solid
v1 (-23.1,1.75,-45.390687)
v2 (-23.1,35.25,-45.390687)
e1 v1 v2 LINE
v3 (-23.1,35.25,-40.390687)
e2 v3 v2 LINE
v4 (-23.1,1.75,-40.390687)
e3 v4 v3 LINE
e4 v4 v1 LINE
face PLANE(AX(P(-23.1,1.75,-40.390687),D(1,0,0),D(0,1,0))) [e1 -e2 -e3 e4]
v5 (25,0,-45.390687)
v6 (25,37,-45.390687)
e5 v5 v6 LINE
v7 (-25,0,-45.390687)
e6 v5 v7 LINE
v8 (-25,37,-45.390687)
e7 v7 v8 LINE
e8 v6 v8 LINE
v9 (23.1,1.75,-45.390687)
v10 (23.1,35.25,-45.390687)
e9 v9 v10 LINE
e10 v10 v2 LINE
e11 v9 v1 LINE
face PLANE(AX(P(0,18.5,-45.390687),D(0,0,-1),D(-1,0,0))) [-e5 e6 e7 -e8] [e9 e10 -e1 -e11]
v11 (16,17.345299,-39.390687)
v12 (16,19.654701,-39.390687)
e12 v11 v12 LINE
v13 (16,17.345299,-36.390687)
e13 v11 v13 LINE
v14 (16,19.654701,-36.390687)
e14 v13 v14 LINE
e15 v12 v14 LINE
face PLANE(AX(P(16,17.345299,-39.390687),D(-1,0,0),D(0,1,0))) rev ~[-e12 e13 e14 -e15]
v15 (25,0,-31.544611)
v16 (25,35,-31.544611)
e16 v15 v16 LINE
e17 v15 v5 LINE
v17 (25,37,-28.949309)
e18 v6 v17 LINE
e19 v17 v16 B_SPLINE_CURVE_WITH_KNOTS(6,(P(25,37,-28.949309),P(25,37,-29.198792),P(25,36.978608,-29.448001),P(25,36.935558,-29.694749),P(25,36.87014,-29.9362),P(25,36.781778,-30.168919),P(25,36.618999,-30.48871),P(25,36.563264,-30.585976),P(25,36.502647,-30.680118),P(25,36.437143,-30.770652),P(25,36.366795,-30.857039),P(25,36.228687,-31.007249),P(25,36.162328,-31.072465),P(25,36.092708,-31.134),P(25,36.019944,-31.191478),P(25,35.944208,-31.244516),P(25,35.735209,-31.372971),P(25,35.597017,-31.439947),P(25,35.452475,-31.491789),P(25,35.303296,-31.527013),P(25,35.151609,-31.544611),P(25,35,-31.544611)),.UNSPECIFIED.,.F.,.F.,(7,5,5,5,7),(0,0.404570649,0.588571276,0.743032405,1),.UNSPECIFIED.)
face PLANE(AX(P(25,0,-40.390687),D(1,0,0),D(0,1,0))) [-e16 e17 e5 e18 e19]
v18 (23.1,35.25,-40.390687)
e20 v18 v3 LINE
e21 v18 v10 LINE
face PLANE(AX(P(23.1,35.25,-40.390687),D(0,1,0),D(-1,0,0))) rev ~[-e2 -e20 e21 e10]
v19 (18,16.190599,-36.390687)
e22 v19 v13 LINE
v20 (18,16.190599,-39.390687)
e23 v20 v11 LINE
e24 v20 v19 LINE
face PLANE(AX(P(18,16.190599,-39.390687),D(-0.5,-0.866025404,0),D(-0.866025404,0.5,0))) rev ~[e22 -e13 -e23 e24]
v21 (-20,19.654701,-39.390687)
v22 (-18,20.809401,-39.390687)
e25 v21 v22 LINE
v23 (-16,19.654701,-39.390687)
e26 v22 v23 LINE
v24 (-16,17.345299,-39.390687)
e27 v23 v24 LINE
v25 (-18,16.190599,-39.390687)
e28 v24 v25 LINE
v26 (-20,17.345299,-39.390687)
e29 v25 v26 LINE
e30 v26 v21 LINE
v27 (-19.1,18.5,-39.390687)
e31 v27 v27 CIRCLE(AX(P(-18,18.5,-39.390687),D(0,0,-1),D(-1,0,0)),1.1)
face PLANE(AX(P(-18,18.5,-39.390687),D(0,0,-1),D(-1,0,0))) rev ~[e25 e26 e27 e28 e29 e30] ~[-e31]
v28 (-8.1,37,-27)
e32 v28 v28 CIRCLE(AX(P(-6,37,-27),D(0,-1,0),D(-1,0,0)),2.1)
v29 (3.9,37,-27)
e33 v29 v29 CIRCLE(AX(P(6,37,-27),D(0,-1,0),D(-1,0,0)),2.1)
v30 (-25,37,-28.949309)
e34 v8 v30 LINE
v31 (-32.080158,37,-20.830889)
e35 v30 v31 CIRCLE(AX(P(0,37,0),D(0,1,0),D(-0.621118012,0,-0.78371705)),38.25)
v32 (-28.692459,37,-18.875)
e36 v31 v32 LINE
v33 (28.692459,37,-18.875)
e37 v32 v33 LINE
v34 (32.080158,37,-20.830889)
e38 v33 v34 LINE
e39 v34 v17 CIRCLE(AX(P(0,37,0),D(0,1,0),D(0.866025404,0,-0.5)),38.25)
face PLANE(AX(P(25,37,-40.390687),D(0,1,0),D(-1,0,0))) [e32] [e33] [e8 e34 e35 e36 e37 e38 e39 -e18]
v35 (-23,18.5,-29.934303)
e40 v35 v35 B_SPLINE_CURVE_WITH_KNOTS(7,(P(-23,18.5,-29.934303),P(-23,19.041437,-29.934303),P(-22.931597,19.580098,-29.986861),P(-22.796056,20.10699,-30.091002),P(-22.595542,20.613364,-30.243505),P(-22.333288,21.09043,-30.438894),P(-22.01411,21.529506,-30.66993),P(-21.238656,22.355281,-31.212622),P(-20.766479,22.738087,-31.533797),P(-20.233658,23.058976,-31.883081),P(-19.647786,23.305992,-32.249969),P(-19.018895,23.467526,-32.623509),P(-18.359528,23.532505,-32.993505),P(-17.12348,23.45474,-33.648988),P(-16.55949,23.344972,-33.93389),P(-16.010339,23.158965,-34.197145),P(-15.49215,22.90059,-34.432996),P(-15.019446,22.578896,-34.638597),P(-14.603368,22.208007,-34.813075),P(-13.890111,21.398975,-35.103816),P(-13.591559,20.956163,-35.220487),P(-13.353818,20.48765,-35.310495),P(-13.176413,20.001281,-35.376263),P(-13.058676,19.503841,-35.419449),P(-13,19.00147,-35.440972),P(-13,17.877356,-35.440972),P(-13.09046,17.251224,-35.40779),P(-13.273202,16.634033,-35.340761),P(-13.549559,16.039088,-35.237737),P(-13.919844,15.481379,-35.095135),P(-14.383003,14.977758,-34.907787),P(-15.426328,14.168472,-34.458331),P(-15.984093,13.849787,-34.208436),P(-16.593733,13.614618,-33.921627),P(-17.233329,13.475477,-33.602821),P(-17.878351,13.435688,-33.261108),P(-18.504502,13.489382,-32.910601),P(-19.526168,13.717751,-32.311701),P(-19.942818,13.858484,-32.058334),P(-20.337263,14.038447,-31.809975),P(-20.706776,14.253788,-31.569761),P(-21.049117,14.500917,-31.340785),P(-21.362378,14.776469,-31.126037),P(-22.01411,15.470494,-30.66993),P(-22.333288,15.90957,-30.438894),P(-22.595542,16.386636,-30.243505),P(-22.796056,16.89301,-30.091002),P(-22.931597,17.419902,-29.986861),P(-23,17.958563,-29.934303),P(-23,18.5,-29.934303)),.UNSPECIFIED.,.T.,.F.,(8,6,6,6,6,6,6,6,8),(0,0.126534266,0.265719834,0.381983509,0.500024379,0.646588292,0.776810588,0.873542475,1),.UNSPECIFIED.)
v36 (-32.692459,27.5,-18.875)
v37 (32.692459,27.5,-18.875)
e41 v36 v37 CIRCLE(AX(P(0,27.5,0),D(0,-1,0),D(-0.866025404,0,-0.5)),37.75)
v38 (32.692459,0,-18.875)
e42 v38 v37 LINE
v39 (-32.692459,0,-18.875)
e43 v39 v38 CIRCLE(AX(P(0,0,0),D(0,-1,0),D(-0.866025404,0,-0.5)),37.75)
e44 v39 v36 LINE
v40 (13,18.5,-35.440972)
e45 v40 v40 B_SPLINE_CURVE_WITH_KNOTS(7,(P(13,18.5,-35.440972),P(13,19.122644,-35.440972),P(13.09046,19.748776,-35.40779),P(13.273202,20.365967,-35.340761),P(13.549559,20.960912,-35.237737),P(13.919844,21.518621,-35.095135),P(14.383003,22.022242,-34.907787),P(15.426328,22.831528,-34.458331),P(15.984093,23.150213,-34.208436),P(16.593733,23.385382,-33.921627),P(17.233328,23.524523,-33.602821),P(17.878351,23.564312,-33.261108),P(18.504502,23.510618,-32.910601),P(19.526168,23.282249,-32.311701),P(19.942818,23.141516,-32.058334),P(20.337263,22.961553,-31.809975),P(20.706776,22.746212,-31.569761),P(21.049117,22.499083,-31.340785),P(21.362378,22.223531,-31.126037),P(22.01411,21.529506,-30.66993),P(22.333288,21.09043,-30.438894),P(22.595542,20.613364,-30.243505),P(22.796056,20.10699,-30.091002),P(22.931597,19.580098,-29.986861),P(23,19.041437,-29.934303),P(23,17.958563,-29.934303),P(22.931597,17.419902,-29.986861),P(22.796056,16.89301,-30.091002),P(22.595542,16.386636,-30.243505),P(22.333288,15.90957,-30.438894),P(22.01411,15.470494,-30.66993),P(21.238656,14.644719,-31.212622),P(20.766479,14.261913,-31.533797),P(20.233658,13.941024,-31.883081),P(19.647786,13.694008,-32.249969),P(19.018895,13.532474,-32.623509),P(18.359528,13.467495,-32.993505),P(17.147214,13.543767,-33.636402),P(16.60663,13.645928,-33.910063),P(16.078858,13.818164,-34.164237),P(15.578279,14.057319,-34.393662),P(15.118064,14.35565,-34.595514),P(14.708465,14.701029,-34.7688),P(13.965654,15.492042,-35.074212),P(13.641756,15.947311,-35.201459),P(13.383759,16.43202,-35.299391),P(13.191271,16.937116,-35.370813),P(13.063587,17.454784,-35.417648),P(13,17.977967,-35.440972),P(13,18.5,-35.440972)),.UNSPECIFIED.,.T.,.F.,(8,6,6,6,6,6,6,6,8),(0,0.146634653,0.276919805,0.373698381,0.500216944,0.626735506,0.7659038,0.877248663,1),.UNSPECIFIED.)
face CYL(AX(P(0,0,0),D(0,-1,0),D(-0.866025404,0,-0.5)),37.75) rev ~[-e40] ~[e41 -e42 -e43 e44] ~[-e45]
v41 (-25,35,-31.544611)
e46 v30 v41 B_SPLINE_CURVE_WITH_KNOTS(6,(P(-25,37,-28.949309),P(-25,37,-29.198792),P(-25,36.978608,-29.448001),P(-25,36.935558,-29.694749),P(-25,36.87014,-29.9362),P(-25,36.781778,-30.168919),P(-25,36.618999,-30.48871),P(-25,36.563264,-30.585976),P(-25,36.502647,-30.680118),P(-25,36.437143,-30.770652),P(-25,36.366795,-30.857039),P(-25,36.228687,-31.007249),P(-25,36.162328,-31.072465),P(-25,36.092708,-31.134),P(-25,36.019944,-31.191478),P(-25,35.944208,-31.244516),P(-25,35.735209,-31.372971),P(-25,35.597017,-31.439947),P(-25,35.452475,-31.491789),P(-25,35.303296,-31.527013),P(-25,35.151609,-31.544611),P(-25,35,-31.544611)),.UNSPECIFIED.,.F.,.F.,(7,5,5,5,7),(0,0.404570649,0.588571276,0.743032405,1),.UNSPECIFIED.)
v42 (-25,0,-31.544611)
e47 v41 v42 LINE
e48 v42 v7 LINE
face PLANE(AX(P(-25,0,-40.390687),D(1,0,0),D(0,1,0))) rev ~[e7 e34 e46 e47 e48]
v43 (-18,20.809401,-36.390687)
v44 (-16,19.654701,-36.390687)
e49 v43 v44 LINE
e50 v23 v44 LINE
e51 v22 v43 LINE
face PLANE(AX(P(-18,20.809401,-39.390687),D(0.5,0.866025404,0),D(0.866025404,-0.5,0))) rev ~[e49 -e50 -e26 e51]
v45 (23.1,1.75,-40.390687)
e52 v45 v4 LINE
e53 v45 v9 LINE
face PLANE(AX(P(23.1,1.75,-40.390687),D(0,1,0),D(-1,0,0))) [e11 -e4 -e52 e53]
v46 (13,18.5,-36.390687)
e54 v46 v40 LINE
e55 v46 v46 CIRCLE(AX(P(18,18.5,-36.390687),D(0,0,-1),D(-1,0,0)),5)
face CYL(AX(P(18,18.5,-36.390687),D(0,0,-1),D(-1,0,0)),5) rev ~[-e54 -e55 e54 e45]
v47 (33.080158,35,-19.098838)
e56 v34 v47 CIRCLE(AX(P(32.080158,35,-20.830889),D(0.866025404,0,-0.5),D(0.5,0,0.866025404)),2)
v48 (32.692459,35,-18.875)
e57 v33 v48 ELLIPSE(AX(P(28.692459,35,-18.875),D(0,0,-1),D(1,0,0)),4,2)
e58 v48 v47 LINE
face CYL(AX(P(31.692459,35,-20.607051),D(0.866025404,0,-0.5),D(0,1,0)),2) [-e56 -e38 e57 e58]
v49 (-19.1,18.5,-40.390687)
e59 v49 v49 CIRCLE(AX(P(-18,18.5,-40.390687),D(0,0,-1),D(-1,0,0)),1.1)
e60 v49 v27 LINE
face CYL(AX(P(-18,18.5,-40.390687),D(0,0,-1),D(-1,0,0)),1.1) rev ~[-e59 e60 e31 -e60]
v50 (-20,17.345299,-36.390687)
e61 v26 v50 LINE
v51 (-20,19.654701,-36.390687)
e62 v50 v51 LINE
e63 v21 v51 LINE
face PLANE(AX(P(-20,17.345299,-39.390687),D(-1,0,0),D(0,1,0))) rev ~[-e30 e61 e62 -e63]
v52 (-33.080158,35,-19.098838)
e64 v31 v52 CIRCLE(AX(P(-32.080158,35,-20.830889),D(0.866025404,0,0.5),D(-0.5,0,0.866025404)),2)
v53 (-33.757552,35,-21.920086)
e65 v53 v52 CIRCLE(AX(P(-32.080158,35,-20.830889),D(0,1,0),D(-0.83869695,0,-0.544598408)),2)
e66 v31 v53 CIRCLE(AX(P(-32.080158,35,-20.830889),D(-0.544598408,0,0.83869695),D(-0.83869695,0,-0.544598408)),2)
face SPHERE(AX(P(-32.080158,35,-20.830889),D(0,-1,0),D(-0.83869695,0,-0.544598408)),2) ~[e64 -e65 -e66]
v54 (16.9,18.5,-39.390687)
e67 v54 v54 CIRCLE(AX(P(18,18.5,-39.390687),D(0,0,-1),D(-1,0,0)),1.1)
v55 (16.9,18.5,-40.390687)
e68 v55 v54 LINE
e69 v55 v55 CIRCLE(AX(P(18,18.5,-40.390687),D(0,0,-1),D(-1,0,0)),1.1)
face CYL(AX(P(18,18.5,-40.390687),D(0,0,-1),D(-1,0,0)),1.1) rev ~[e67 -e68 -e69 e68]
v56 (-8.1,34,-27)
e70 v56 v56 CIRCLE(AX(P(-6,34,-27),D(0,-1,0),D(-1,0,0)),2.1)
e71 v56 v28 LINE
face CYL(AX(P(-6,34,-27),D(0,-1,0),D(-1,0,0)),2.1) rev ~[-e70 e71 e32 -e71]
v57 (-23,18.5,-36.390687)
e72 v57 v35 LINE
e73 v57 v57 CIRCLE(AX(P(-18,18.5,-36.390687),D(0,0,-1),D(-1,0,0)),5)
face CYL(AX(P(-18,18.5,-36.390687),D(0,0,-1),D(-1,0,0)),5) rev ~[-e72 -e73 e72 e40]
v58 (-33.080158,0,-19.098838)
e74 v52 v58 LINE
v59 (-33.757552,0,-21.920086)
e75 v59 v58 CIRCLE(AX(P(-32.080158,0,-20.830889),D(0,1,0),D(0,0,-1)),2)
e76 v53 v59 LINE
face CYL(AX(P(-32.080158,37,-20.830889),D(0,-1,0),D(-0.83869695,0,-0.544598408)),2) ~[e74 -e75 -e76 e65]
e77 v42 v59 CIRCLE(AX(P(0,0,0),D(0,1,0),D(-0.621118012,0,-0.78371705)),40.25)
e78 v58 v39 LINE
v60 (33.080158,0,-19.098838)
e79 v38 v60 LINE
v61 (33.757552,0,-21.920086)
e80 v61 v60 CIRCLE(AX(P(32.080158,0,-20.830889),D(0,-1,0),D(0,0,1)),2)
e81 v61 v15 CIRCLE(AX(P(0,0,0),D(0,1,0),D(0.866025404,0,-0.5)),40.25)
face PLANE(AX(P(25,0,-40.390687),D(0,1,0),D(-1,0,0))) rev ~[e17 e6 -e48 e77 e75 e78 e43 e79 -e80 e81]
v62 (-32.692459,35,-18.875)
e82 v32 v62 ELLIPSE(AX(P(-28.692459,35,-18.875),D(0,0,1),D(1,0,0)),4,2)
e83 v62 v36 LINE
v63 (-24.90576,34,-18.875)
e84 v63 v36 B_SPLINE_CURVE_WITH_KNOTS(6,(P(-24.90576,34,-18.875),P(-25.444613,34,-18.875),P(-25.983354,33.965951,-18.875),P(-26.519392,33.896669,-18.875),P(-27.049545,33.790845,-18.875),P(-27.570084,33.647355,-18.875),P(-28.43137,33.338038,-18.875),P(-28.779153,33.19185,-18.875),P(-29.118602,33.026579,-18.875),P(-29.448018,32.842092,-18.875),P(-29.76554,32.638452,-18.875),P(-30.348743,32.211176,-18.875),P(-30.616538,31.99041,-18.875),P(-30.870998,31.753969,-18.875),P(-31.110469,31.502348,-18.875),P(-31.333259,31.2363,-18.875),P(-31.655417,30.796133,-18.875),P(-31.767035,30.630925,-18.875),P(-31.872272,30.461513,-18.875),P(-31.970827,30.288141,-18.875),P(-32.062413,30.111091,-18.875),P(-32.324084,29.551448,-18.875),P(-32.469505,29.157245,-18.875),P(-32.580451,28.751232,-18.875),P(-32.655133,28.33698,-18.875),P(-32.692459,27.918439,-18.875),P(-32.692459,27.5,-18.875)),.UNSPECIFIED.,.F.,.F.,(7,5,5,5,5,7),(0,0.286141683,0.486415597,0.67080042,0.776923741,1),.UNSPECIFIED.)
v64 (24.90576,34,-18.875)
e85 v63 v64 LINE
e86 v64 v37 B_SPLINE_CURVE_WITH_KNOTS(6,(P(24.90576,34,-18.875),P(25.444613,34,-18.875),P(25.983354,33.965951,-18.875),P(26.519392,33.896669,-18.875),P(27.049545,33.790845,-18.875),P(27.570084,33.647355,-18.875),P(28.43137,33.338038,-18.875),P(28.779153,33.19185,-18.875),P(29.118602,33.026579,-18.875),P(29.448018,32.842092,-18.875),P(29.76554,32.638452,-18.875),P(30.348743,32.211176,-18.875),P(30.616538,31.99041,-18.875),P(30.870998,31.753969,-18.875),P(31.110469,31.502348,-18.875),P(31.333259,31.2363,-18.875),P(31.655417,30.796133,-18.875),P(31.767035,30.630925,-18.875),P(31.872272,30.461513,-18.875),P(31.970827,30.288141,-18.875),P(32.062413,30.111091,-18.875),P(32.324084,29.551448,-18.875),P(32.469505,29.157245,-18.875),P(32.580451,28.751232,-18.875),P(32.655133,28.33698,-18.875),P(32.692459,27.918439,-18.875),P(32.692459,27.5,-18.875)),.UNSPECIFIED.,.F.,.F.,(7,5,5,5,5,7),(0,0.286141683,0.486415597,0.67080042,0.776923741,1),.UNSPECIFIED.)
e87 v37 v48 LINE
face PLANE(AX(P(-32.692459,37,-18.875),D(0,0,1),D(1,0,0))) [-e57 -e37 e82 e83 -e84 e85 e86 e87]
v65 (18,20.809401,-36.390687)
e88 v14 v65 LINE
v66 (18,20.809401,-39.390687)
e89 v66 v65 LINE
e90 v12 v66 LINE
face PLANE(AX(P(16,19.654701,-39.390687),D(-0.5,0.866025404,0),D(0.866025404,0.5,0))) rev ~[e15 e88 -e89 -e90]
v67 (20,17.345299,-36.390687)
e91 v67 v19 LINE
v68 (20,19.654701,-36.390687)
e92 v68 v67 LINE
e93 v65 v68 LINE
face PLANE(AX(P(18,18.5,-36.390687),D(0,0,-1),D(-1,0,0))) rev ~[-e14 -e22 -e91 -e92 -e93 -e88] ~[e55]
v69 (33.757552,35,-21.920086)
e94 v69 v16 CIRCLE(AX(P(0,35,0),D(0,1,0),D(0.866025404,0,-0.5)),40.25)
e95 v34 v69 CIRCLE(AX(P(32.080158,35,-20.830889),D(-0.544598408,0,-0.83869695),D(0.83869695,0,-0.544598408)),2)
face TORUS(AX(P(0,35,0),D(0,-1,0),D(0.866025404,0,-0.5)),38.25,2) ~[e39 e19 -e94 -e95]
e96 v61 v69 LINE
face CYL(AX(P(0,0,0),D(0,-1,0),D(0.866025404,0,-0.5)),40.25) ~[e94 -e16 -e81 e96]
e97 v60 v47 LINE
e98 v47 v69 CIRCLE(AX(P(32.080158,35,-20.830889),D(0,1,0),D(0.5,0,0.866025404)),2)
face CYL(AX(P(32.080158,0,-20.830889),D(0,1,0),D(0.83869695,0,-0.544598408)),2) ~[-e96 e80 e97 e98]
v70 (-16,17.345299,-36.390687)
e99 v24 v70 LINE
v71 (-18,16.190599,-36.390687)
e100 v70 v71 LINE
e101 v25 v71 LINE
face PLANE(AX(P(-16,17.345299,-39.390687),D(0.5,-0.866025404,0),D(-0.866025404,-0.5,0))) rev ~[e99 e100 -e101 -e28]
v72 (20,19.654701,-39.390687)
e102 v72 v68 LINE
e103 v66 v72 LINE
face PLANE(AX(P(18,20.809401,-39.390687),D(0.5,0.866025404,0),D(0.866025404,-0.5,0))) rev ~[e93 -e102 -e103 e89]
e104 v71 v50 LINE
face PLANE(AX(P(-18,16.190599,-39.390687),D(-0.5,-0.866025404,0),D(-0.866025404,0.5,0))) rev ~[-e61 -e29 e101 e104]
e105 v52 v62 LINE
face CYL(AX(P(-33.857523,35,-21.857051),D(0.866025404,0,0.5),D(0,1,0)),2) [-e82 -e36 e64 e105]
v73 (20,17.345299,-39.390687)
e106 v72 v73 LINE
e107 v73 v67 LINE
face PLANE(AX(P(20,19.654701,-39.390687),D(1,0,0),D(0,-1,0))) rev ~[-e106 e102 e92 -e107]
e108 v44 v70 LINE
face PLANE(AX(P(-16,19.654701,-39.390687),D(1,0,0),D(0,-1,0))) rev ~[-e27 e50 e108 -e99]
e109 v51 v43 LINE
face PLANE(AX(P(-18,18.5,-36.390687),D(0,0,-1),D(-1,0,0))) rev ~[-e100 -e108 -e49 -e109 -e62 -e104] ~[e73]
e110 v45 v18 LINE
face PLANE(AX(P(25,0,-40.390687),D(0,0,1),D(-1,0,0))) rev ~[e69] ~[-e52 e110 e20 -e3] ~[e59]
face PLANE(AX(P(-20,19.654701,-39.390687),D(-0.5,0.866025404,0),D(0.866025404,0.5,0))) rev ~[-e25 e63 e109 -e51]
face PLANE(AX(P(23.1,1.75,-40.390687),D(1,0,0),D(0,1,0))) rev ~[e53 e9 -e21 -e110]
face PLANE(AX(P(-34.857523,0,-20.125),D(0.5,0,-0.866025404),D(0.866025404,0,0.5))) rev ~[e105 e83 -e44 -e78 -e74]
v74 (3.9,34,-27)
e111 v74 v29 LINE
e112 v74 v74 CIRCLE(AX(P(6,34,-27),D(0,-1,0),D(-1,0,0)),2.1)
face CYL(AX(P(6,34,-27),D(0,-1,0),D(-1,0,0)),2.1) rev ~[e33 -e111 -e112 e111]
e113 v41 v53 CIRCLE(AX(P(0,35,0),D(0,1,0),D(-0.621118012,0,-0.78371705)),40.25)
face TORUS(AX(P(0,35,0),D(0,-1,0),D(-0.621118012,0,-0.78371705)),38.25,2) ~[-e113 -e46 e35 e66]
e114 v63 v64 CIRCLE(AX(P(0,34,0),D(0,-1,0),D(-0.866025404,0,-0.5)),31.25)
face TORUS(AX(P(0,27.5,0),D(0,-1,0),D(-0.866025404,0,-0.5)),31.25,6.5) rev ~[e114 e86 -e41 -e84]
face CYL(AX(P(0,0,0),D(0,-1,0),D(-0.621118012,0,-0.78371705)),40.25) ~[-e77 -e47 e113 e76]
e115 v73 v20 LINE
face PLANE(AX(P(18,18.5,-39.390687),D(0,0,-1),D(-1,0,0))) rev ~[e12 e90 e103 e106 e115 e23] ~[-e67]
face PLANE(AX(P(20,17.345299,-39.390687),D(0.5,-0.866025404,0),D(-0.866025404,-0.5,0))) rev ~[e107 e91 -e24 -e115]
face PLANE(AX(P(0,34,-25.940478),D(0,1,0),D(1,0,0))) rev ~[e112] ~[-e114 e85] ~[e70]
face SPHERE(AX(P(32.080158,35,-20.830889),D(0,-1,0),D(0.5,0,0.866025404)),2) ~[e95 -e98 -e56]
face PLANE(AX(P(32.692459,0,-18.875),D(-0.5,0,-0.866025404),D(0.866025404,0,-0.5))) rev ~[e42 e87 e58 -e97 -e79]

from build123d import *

# Parameters (mm, degrees)
BOSS_EXTRUDE2_DEPTH = 37
BOSS_EXTRUDE4_DEPTH = 3
FILLET1_R           = 6.5
SKETCH5_R           = 2.1
CUT_EXTRUDE1_DEPTH  = 5
SKETCH6_W           = 50
SKETCH6_H           = 37
SKETCH6_W_2         = 46.2
SKETCH6_H_2         = 33.5
BOSS_EXTRUDE5_DEPTH = 5
SKETCH7_R           = 1.1
CUT_EXTRUDE2_DEPTH  = 1
CUT_EXTRUDE3_DEPTH  = 3
SKETCH9_R           = 5
CUT_EXTRUDE4_DEPTH  = 18.515687401
FILLET2_R           = 2


with BuildPart() as part:
    # Sketch2 → Boss-Extrude2 (new body)
    with BuildSketch(Plane(origin=(0, 0, 0), x_dir=(1, 0, 0), z_dir=(0, 1, 0))):
        with BuildLine():
            Line((32.692458993, 18.875), (34.857522502, 20.125))
            ThreePointArc((34.857522502, 20.125), (30.468551498, 26.300757966), (25, 31.544611267))
            Line((25, 31.544611267), (25, 40.390687301))
            Line((25, 40.390687301), (-25, 40.390687301))
            Line((-25, 40.390687301), (-25, 31.544611267))
            ThreePointArc((-25, 31.544611267), (-30.468551498, 26.300757966), (-34.857522502, 20.125))
            Line((-34.857522502, 20.125), (-32.692458993, 18.875))
            ThreePointArc((-32.692458993, 18.875), (0, 37.75), (32.692458993, 18.875))
        make_face()
    extrude(amount=BOSS_EXTRUDE2_DEPTH)

    # Sketch4 → Boss-Extrude4 (add)
    with BuildSketch(Plane(origin=(0, 37, 0), x_dir=(1, 0, 0), z_dir=(0, 1, 0))):
        with BuildLine():
            Line((-32.692458993, 18.875), (32.692458993, 18.875))
            Line((32.692458993, 18.875), (34.857522502, 20.125))
            ThreePointArc((34.857522502, 20.125), (0, 40.25), (-34.857522502, 20.125))
            Line((-34.857522502, 20.125), (-32.692458993, 18.875))
        make_face()
    extrude(amount=-BOSS_EXTRUDE4_DEPTH)

    # Fillet1
    fillet1_edges = [part.edges().sort_by_distance(p)[0] for p in [
        (0, 34, -37.75),
    ]]
    fillet(fillet1_edges, radius=FILLET1_R)

    # Sketch5 → Cut-Extrude1 (cut)
    with BuildSketch(Plane(origin=(0, 34, 0), x_dir=(-1, 0, 0), z_dir=(0, -1, 0))):
        with Locations((-6, 27)):
            Circle(SKETCH5_R)
        with Locations((6, 27)):
            Circle(SKETCH5_R)
    extrude(amount=-CUT_EXTRUDE1_DEPTH, mode=Mode.SUBTRACT)

    # Sketch6 → Boss-Extrude5 (add)
    with BuildSketch(Plane(origin=(0, 0, -40.390687301), x_dir=(-1, 0, 0), z_dir=(0, 0, -1))):
        with Locations((0, 18.5)):
            Rectangle(SKETCH6_W, SKETCH6_H)
        with Locations((0, 18.5)):
            Rectangle(SKETCH6_W_2, SKETCH6_H_2, mode=Mode.SUBTRACT)
    extrude(amount=BOSS_EXTRUDE5_DEPTH)

    # Sketch7 → Cut-Extrude2 (cut)
    with BuildSketch(Plane(origin=(0, 0, -40.390687301), x_dir=(-1, 0, 0), z_dir=(0, 0, -1))):
        with Locations((-18, 18.5)):
            Circle(SKETCH7_R)
        with Locations((18, 18.5)):
            Circle(SKETCH7_R)
    extrude(amount=-CUT_EXTRUDE2_DEPTH, mode=Mode.SUBTRACT)

    # Sketch8 → Cut-Extrude3 (cut)
    with BuildSketch(Plane(origin=(0, 0, -39.390687301), x_dir=(-1, 0, 0), z_dir=(0, 0, -1))):
        Polygon((-16, 17.345299462), (-16, 19.654700538), (-18, 20.809401077), (-20, 19.654700538), (-20, 17.345299462), (-18, 16.190598923), align=None)
        Polygon((20, 17.345299462), (20, 19.654700538), (18, 20.809401077), (16, 19.654700538), (16, 17.345299462), (18, 16.190598923), align=None)
    extrude(amount=-CUT_EXTRUDE3_DEPTH, mode=Mode.SUBTRACT)

    # Sketch9 → Cut-Extrude4 (cut, through all)
    with BuildSketch(Plane(origin=(0, 0, -36.390687301), x_dir=(-1, 0, 0), z_dir=(0, 0, -1))):
        with Locations((-18, 18.5)):
            Circle(SKETCH9_R)
        with Locations((18, 18.5)):
            Circle(SKETCH9_R)
    extrude(amount=-CUT_EXTRUDE4_DEPTH, mode=Mode.SUBTRACT)

    # Fillet2
    fillet2_edges = [part.edges().sort_by_distance(p)[0] for p in [
        (34.857522502, 18.5, -20.125),
        (-34.857522502, 18.5, -20.125),
        (-30.468551498, 37, -26.300757966),
        (-33.774990748, 37, -19.5),
        (33.774990748, 37, -19.5),
        (30.468551498, 37, -26.300757966),
    ]]
    fillet(fillet2_edges, radius=FILLET2_R)


solid = part.part
